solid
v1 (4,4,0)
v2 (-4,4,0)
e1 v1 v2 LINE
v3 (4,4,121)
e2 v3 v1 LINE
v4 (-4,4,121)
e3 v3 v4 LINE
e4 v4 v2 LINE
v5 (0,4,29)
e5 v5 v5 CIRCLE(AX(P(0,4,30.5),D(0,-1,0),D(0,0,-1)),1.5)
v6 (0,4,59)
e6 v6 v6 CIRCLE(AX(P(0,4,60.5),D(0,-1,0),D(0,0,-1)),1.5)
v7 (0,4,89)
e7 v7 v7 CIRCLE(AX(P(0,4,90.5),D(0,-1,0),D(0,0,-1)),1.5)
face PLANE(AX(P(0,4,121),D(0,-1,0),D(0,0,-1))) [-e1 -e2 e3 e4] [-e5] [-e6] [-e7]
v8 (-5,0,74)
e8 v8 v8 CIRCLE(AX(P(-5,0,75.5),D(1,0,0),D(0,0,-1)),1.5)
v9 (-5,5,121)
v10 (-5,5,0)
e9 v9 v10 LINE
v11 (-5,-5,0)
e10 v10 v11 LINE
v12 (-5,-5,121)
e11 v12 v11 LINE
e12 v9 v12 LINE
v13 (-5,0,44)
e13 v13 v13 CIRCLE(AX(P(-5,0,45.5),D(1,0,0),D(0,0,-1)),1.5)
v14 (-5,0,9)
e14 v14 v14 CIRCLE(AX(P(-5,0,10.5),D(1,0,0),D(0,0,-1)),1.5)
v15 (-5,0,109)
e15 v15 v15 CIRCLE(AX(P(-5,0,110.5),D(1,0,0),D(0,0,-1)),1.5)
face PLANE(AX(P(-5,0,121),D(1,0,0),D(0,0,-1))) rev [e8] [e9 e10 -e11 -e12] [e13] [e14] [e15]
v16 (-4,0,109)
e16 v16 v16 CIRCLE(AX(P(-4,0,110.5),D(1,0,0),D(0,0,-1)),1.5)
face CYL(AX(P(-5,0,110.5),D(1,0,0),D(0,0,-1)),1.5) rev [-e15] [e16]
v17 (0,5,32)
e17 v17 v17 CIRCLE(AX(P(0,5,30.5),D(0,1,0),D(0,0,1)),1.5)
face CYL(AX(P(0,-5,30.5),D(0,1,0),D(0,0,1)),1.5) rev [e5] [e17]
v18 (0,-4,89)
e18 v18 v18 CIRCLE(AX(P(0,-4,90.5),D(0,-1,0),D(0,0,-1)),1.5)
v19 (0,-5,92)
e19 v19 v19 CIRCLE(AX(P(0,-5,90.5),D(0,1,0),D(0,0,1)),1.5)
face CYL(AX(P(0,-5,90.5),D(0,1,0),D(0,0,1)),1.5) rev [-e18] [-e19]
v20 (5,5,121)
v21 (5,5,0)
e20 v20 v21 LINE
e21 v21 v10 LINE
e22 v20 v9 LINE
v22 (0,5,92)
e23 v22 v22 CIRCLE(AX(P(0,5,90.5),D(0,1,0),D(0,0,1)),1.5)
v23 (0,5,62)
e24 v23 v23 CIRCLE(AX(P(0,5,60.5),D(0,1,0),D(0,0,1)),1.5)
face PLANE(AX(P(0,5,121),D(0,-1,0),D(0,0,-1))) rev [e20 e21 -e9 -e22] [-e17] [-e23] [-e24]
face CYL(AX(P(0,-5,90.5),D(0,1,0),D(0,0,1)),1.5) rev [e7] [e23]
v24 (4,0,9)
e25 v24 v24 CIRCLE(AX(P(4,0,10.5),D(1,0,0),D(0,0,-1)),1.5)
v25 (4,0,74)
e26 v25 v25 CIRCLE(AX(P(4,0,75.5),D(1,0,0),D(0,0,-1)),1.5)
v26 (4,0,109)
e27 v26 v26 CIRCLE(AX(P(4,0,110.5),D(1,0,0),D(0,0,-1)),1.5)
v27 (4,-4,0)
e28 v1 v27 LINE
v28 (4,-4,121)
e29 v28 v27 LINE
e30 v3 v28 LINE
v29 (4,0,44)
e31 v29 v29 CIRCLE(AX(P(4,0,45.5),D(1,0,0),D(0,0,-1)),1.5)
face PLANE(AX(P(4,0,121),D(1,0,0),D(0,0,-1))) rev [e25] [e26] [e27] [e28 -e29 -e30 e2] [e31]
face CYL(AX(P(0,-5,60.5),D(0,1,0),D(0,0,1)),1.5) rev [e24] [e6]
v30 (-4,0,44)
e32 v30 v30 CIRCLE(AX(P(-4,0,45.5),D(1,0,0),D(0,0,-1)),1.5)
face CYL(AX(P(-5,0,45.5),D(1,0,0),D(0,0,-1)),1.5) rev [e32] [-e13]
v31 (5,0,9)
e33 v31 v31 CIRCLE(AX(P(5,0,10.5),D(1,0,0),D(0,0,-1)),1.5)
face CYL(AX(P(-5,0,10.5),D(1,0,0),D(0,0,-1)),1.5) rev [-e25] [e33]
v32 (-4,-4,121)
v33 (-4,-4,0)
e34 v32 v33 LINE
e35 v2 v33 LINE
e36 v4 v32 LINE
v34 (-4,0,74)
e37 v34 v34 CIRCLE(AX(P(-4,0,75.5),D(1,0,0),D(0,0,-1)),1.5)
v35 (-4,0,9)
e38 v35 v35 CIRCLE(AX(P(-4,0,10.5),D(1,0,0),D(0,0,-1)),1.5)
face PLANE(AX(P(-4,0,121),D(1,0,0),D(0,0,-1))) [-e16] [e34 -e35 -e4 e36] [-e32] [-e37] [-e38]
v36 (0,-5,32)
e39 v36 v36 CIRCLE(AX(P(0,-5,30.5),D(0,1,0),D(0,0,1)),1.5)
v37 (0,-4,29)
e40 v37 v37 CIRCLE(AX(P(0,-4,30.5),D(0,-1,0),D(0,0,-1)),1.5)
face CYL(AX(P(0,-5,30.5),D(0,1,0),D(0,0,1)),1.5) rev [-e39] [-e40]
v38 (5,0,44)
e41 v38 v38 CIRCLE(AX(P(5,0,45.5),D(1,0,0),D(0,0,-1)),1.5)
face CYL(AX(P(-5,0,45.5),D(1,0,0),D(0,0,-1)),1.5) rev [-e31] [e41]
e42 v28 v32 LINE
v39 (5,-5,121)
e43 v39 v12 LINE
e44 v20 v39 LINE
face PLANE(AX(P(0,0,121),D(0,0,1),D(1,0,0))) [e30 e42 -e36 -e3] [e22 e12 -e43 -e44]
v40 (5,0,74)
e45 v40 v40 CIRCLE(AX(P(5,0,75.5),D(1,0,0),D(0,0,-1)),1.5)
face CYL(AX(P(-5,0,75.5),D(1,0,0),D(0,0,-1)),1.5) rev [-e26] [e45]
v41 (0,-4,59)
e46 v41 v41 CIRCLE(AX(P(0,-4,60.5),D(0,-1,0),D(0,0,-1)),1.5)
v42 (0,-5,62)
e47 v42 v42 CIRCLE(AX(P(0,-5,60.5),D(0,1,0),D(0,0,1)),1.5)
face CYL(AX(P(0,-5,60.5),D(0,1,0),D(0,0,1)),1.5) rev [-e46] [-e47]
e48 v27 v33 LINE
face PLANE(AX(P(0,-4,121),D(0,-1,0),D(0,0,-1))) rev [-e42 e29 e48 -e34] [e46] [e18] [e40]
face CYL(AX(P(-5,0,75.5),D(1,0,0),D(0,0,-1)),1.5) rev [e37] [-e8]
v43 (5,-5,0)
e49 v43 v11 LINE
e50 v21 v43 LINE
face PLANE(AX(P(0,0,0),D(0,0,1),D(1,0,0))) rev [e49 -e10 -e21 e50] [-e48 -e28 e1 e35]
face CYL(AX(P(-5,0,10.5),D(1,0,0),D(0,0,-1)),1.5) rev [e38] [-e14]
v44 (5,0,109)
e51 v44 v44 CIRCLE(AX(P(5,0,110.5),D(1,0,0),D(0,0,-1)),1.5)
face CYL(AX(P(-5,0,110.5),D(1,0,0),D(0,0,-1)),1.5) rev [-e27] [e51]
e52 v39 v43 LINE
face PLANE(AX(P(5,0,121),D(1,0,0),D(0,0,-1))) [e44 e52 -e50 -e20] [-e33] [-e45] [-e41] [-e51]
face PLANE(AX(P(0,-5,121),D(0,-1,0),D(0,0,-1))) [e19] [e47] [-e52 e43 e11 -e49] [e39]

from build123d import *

# Parameters (mm, degrees)
SKETCH_1_W          = 10
SKETCH_1_H          = 10
SKETCH_1_W_2        = 8
SKETCH_1_H_2        = 8
EXTRUDE_1_DEPTH     = 121
SKETCH_2_R          = 1.5
CUT_EXTRUDE_1_DEPTH = 11
SKETCH_3_R          = 1.5
CUT_EXTRUDE_2_DEPTH = 11


with BuildPart() as part:
    # 草图1 → 拉伸-薄壁1 (new body)
    with BuildSketch(Plane.XY):
        Rectangle(SKETCH_1_W, SKETCH_1_H)
        Rectangle(SKETCH_1_W_2, SKETCH_1_H_2, mode=Mode.SUBTRACT)
    extrude(amount=EXTRUDE_1_DEPTH)

    # 草图2 → 切除-拉伸1 (cut, through all)
    with BuildSketch(Plane(origin=(5, 0, 0), x_dir=(0, 0, -1), z_dir=(1, 0, 0))):
        with Locations((-110.5, 0)):
            Circle(SKETCH_2_R)
        with Locations((-75.5, 0)):
            Circle(SKETCH_2_R)
        with Locations((-45.5, 0)):
            Circle(SKETCH_2_R)
        with Locations((-10.5, 0)):
            Circle(SKETCH_2_R)
    extrude(amount=-CUT_EXTRUDE_1_DEPTH, mode=Mode.SUBTRACT)

    # 草图3 → 切除-拉伸2 (cut, through all)
    with BuildSketch(Plane(origin=(0, 5, 0), x_dir=(1, 0, 0), z_dir=(0, 1, 0))):
        with Locations((0, -60.5)):
            Circle(SKETCH_3_R)
        with Locations((0, -30.5)):
            Circle(SKETCH_3_R)
        with Locations((0, -90.5)):
            Circle(SKETCH_3_R)
    extrude(amount=-CUT_EXTRUDE_2_DEPTH, mode=Mode.SUBTRACT)


solid = part.part
